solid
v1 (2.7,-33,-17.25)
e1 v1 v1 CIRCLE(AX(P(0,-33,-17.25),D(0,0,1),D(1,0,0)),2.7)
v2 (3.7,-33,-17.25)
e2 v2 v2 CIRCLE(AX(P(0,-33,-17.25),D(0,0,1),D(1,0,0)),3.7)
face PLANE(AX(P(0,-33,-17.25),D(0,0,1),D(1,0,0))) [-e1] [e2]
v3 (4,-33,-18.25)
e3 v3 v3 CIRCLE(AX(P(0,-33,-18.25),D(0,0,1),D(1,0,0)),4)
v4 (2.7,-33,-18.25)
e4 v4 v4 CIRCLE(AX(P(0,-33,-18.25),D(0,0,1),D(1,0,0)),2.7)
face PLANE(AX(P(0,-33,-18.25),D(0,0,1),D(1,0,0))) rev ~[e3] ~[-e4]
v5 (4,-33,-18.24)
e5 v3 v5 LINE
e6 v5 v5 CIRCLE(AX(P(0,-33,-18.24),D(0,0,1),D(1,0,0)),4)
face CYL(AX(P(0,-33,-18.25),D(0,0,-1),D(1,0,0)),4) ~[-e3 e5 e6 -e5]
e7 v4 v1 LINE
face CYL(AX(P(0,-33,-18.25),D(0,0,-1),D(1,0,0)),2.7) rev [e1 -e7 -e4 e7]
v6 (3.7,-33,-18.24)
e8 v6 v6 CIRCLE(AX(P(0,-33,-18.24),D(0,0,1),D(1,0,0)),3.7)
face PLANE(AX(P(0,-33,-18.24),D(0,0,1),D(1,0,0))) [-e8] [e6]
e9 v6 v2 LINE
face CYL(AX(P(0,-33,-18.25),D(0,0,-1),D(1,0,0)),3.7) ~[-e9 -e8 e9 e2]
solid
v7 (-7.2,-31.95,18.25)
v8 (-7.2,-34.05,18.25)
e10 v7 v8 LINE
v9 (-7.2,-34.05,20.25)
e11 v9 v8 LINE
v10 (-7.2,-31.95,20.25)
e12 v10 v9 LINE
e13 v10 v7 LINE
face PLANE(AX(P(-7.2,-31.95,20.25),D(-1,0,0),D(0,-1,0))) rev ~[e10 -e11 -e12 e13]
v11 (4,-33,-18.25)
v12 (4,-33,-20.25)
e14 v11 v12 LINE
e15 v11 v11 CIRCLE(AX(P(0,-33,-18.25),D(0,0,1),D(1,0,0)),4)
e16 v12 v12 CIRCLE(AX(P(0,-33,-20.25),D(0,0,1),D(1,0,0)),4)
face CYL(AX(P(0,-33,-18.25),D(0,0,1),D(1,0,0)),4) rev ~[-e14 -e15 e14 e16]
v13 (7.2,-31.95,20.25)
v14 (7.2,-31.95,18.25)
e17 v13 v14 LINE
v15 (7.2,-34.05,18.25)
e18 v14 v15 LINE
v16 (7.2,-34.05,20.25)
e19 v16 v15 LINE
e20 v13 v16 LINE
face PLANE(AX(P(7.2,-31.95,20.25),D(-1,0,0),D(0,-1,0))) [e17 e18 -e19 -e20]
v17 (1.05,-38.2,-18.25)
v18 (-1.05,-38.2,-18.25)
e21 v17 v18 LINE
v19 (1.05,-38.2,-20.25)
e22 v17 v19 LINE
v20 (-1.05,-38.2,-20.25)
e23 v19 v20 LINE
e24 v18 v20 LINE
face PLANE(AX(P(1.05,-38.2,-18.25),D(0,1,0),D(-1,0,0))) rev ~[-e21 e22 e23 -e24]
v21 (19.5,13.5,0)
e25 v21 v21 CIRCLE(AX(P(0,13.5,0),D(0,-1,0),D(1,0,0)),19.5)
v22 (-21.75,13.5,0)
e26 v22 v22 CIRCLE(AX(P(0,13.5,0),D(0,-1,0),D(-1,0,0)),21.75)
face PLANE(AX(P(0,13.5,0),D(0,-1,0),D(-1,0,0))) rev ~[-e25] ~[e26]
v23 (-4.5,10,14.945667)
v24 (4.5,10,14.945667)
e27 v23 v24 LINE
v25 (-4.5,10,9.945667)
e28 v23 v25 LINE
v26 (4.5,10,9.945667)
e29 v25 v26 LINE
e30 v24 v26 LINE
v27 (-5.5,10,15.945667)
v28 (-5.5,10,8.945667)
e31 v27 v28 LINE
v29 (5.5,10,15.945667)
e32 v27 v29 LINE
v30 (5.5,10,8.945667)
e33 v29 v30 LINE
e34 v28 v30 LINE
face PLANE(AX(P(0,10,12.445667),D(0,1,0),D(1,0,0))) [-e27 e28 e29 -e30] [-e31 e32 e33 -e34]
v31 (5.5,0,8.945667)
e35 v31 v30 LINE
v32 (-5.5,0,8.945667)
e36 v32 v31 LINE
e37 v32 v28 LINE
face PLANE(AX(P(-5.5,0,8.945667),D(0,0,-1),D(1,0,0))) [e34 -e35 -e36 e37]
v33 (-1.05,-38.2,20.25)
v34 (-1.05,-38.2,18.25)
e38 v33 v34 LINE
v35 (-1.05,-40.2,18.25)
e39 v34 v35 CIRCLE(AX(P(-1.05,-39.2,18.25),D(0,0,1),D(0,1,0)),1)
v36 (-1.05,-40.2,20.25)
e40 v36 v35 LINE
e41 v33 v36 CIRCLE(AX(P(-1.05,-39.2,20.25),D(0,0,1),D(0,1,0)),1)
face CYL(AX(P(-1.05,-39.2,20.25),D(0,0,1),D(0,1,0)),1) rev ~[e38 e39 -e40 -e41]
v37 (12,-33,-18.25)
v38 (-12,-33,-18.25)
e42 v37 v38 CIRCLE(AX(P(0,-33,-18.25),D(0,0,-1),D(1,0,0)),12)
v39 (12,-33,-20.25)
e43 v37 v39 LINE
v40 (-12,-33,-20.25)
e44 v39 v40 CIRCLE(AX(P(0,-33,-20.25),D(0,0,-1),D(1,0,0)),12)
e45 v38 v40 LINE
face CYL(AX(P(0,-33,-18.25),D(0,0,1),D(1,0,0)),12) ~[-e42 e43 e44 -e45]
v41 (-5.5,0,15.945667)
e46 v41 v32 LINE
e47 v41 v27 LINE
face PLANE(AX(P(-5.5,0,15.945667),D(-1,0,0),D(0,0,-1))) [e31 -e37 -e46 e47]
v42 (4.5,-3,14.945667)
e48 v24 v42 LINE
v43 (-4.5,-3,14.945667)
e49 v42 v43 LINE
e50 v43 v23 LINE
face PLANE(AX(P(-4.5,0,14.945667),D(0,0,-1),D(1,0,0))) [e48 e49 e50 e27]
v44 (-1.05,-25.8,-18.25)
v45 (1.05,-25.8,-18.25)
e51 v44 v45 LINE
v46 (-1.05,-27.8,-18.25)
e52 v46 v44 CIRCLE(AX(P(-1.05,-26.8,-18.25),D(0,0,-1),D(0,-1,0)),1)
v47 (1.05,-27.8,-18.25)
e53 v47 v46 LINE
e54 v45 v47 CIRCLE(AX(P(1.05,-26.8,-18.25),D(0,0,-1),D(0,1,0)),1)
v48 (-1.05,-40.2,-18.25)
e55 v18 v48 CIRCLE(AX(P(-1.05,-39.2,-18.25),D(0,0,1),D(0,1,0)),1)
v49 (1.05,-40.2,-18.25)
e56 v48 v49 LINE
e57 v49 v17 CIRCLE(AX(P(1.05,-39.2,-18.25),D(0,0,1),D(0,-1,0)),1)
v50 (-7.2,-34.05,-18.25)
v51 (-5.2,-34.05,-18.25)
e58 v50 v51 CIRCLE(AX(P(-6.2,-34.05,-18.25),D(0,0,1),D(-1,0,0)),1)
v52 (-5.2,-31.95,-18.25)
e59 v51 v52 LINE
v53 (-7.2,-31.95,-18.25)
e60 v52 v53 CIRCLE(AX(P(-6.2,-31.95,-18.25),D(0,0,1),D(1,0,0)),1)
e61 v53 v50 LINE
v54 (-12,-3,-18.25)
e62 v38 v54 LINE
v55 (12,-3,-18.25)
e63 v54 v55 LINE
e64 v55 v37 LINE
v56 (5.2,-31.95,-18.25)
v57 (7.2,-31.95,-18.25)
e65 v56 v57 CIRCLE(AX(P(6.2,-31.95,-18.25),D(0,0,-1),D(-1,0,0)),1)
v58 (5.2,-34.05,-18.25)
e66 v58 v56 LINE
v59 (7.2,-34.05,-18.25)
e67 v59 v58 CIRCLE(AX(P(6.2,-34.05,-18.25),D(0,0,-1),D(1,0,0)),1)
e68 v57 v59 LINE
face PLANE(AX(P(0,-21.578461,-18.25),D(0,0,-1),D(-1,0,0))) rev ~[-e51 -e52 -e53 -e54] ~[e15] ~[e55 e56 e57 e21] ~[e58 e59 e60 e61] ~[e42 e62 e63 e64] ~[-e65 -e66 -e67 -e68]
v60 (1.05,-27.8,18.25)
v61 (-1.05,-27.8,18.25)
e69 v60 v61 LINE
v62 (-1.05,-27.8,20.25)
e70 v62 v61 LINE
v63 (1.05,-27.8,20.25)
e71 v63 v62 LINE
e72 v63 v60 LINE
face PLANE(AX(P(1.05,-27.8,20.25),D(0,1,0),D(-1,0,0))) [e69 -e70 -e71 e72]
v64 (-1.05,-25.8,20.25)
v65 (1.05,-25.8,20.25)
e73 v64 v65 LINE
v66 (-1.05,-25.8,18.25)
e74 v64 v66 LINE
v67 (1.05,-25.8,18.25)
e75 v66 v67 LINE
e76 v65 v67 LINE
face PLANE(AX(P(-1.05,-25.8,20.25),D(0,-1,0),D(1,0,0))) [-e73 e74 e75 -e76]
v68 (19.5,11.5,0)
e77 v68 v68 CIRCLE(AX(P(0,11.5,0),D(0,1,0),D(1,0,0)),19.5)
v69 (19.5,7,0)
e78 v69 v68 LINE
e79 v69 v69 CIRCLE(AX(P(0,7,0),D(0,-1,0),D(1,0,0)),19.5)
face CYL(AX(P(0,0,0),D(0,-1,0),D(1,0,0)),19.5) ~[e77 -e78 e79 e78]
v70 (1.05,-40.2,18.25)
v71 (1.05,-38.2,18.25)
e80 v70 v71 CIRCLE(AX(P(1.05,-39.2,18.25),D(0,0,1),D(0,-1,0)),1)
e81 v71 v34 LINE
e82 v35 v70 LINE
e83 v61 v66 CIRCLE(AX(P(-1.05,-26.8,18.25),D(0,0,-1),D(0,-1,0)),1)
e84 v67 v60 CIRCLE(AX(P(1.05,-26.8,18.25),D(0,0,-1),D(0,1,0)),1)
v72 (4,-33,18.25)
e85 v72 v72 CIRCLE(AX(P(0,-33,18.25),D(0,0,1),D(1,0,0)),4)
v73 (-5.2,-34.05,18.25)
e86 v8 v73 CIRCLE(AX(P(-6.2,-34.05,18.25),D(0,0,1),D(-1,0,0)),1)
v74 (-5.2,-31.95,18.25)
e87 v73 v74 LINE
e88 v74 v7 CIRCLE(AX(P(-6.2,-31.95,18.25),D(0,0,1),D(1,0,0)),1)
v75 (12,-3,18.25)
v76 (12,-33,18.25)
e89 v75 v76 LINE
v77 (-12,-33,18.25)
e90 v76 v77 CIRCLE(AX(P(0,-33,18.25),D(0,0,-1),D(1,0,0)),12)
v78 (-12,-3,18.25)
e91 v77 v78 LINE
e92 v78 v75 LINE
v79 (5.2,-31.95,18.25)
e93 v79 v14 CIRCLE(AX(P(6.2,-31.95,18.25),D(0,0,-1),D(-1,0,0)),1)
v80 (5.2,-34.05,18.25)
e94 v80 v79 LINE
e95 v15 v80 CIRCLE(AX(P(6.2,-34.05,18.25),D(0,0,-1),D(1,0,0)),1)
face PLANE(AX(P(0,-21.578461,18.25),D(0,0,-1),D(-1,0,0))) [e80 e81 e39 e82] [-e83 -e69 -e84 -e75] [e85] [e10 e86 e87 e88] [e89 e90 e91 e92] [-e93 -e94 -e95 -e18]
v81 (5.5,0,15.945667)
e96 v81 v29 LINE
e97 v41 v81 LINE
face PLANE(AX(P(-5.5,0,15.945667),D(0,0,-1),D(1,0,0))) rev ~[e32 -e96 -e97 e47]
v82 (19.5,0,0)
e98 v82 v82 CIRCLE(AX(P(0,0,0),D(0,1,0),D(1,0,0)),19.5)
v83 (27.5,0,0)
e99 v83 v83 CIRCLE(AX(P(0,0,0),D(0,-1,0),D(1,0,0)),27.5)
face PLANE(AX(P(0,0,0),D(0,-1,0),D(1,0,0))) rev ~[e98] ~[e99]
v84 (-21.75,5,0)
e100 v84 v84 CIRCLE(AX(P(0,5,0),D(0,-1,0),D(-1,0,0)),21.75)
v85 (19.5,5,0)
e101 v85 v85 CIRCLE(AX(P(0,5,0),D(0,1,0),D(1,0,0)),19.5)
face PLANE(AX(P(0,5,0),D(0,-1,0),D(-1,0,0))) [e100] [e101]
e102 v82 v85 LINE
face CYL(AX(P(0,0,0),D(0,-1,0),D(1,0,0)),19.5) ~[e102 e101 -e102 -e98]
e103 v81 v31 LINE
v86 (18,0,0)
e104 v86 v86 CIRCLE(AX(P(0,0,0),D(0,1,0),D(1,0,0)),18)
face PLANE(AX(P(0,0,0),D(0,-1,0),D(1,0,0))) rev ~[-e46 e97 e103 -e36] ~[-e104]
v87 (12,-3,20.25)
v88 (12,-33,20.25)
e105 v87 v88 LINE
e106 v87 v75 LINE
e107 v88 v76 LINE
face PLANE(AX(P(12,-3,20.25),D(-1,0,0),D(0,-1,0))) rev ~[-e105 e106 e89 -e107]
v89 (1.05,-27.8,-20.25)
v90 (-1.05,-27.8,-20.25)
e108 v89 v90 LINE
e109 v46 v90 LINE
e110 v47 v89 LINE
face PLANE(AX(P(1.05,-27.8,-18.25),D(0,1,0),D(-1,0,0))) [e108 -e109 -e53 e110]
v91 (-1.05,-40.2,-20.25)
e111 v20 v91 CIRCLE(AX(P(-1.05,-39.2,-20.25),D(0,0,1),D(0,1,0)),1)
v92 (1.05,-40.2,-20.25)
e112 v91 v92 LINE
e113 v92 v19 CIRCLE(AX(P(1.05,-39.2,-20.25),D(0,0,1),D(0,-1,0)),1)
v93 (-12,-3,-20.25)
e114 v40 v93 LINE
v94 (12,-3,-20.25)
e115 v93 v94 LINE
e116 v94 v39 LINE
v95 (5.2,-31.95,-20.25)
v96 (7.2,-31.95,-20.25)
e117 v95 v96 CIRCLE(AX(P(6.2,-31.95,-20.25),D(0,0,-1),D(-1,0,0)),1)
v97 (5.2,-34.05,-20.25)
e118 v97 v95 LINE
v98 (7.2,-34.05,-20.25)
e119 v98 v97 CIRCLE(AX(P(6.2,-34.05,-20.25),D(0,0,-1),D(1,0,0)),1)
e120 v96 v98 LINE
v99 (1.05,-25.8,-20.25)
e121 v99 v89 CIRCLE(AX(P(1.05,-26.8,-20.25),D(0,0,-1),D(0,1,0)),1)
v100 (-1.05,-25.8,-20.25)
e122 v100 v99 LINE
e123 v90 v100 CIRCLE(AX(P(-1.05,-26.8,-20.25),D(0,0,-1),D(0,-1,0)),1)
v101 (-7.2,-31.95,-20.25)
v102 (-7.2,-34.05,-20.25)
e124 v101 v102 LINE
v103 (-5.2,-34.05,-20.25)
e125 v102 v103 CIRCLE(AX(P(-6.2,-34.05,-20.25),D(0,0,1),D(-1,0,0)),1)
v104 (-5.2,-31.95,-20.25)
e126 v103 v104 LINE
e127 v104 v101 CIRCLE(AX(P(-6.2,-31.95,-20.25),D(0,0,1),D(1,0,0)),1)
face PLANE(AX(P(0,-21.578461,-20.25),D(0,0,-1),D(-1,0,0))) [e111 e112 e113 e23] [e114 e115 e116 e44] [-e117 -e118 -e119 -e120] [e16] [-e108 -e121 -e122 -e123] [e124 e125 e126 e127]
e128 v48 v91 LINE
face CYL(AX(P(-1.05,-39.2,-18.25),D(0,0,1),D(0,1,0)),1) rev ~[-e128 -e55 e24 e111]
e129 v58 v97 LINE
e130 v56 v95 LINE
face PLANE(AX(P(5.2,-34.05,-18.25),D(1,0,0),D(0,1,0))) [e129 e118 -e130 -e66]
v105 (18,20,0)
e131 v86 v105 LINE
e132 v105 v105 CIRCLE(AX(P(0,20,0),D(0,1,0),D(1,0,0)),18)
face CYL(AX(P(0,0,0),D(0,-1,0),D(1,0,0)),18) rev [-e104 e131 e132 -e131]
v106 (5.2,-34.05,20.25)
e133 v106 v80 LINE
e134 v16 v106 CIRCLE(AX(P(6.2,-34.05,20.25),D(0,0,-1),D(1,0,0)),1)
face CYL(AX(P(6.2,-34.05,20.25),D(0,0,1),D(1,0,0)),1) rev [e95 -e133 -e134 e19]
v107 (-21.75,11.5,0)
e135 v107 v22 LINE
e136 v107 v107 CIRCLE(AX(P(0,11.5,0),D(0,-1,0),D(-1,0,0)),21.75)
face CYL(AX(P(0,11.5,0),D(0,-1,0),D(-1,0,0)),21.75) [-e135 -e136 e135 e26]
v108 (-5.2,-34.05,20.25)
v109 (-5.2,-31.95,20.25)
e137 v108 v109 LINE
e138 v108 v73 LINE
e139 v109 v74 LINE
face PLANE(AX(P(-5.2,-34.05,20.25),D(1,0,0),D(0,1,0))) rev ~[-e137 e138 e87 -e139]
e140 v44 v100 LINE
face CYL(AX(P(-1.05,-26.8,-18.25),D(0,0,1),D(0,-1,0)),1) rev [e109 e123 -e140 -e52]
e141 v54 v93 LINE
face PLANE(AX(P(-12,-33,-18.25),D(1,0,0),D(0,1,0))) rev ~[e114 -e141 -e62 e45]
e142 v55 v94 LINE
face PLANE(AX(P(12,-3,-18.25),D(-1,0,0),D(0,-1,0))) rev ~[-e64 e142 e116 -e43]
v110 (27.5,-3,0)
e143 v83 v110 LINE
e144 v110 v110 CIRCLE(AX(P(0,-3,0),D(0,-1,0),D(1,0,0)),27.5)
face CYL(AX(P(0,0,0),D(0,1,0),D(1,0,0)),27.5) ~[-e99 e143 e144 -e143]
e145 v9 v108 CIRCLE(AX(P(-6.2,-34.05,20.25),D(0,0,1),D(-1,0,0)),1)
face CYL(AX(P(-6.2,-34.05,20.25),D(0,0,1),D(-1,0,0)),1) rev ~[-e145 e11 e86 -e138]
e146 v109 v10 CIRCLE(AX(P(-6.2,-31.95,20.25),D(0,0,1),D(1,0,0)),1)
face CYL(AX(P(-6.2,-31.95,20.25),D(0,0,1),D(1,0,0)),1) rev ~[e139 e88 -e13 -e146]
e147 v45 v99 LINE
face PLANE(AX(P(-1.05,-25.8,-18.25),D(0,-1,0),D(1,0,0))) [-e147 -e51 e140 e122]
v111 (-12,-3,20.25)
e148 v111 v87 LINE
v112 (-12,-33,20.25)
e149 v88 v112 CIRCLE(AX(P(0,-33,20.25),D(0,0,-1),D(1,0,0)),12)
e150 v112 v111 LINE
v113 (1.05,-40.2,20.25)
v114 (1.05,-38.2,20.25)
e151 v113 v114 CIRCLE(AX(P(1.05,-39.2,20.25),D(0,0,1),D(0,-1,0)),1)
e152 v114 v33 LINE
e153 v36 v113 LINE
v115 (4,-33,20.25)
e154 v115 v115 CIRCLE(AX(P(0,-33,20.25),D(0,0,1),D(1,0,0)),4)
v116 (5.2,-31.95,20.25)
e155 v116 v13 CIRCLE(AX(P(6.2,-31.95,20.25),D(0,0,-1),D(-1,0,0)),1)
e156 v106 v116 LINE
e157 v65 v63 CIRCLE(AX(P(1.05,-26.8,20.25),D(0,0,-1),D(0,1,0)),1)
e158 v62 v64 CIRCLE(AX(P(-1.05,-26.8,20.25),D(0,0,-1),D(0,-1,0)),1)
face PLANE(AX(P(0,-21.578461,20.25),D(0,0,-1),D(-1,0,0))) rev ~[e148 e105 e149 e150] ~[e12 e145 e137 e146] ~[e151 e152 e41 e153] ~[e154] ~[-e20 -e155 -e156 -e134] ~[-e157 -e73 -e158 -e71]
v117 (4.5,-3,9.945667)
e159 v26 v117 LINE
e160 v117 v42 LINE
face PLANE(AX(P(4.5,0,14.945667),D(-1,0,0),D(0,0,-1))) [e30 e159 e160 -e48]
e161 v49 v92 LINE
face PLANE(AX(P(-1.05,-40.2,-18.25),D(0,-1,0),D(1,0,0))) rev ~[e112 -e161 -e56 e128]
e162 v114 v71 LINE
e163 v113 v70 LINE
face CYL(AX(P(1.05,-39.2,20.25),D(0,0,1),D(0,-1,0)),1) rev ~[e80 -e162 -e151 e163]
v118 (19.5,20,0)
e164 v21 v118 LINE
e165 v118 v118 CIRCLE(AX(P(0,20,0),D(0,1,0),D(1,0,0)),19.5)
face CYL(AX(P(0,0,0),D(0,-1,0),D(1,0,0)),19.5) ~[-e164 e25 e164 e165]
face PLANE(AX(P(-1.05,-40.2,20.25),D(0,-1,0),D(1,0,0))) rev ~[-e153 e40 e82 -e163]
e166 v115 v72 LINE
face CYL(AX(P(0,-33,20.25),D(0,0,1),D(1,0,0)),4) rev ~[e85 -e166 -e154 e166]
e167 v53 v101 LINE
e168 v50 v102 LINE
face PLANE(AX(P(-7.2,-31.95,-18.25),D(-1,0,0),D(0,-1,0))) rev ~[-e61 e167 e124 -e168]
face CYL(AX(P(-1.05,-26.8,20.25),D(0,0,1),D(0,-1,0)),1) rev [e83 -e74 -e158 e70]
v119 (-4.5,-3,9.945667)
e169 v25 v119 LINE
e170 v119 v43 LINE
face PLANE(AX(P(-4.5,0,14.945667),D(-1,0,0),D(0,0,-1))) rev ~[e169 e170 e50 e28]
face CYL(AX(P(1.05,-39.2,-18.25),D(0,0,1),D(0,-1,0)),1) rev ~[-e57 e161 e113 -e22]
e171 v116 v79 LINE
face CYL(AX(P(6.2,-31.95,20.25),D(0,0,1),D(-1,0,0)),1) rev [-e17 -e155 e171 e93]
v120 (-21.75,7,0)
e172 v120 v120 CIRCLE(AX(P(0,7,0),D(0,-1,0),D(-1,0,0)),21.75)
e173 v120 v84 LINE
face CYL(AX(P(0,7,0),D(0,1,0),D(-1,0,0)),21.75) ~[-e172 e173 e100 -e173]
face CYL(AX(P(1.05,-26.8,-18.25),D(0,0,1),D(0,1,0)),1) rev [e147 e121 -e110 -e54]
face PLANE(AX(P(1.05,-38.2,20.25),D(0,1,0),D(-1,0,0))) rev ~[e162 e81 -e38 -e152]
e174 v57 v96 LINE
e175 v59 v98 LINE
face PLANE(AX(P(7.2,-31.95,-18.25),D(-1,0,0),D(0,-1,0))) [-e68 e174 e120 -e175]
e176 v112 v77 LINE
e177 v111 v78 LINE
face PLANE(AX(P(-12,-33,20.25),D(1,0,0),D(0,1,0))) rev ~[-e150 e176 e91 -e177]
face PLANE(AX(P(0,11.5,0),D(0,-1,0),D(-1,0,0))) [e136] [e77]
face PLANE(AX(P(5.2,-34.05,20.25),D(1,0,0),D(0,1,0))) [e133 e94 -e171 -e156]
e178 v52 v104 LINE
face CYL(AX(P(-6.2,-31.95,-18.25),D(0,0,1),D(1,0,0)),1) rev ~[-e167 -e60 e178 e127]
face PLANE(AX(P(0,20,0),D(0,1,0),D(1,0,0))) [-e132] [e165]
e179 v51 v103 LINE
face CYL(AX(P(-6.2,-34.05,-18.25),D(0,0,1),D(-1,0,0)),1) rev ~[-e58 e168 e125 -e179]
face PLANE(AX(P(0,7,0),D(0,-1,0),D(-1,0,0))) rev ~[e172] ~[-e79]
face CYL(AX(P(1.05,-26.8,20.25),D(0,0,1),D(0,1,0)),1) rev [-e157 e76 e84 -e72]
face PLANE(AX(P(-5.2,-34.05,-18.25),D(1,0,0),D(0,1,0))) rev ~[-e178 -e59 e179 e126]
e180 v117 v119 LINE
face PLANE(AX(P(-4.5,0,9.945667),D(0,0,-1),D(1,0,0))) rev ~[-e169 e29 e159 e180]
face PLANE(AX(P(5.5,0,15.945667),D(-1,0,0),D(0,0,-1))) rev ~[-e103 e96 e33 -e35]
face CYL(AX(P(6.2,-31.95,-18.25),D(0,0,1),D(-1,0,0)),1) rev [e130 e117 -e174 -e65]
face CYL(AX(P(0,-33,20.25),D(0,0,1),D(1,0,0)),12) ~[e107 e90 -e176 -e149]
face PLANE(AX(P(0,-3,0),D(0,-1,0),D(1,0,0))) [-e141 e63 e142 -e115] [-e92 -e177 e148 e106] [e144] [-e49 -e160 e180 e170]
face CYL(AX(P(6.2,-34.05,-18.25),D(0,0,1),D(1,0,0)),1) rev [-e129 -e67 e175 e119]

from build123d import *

# Parameters (mm, degrees)
SKETCH_1_R               = 19.5
SKETCH_1_R_2             = 18
EXTRUDE_1_DEPTH          = 20
SKETCH_3_R               = 27.5
EXTRUDE_2_DEPTH          = 3
SKETCH_25_R              = 21.75
SKETCH_25_R_2            = 19.5
EXTRUDE_12_DEPTH         = 2
EXTRUDE_START            = -1
SKETCH_26_R              = 21.75
SKETCH_26_R_2            = 19.5
EXTRUDE_13_DEPTH         = 2
SKETCH_28_R              = 4
EXTRUDE_14_DEPTH         = 2
PATTERN_LINEAR_1_COUNT   = 2
PATTERN_LINEAR_1_PITCH   = 38.5
SKETCH_30_W              = 11
SKETCH_30_H              = 7
EXTRUDE_16_DEPTH         = 10
SKETCH_29_W              = 9
SKETCH_29_H              = 5
CUT_EXTRUDE_2_DEPTH      = 10
CUT_EXTRUDE_2_DEPTH_BACK = 10
SKETCH_31_R              = 3.7
SKETCH_31_R_2            = 2.7
EXTRUDE_17_DEPTH         = 1
SKETCH_32_R              = 4
SKETCH_32_R_2            = 3.7
EXTRUDE_18_DEPTH         = 0.01


with BuildPart() as part:
    # 草圖1 → 填料-伸長1 (new body)
    with BuildSketch(Plane(origin=(0, 0, 0), x_dir=(1, 0, 0), z_dir=(0, 1, 0))):
        Circle(SKETCH_1_R)
        Circle(SKETCH_1_R_2, mode=Mode.SUBTRACT)
    extrude(amount=EXTRUDE_1_DEPTH)

    # 草圖3 → 填料-伸長2 (add)
    with BuildSketch(Plane.XZ):
        Circle(SKETCH_3_R)
    extrude(amount=EXTRUDE_2_DEPTH)

    # 草圖25 → 填料-伸長12 (add)
    with BuildSketch(Plane(origin=(0, 7, 0), x_dir=(-1, 0, 0), z_dir=(0, -1, 0))):
        Circle(SKETCH_25_R)
        Circle(SKETCH_25_R_2, mode=Mode.SUBTRACT)
    extrude(amount=EXTRUDE_12_DEPTH)

    # 草圖26 → 填料-伸長13 (add)
    with BuildSketch(Plane(origin=(0, 10.5, 0), x_dir=(-1, 0, 0), z_dir=(0, -1, 0)).offset(EXTRUDE_START)):
        Circle(SKETCH_26_R)
        Circle(SKETCH_26_R_2, mode=Mode.SUBTRACT)
    extrude(amount=-EXTRUDE_13_DEPTH)

    # 草圖28 → 填料-伸長14 (add)
    with BuildSketch(Plane.XY.offset(-18.25)):
        with BuildLine():
            Line((-12, -3), (12, -3))
            Line((12, -3), (12, -33))
            ThreePointArc((12, -33), (0, -45), (-12, -33))
            Line((-12, -33), (-12, -3))
        make_face()
        with Locations((0, -33)):
            Circle(SKETCH_28_R, mode=Mode.SUBTRACT)
        with BuildLine():
            Line((-1.05, -25.8), (1.05, -25.8))
            ThreePointArc((1.05, -25.8), (2.05, -26.8), (1.05, -27.8))
            Line((1.05, -27.8), (-1.05, -27.8))
            ThreePointArc((-1.05, -27.8), (-2.05, -26.8), (-1.05, -25.8))
        make_face(mode=Mode.SUBTRACT)
        with BuildLine():
            Line((7.2, -31.95), (7.2, -34.05))
            ThreePointArc((7.2, -34.05), (6.2, -35.05), (5.2, -34.05))
            Line((5.2, -34.05), (5.2, -31.95))
            ThreePointArc((5.2, -31.95), (6.2, -30.95), (7.2, -31.95))
        make_face(mode=Mode.SUBTRACT)
        with BuildLine():
            Line((-1.05, -40.2), (1.05, -40.2))
            ThreePointArc((1.05, -40.2), (2.05, -39.2), (1.05, -38.2))
            Line((1.05, -38.2), (-1.05, -38.2))
            ThreePointArc((-1.05, -38.2), (-2.05, -39.2), (-1.05, -40.2))
        make_face(mode=Mode.SUBTRACT)
        with BuildLine():
            Line((-7.2, -31.95), (-7.2, -34.05))
            ThreePointArc((-7.2, -34.05), (-6.2, -35.05), (-5.2, -34.05))
            Line((-5.2, -34.05), (-5.2, -31.95))
            ThreePointArc((-5.2, -31.95), (-6.2, -30.95), (-7.2, -31.95))
        make_face(mode=Mode.SUBTRACT)
    extrude_14 = extrude(amount=-EXTRUDE_14_DEPTH)

    # 直線複製排列1: 填料-伸長14 ×2
    with Locations(*[(0, 0, i * PATTERN_LINEAR_1_PITCH) for i in range(1, PATTERN_LINEAR_1_COUNT)]):
        add(extrude_14)

    # 草圖30 → 填料-伸長16 (add)
    with BuildSketch(Plane(origin=(0, 0, 0), x_dir=(1, 0, 0), z_dir=(0, 1, 0))):
        with Locations((0, -12.44566721)):
            Rectangle(SKETCH_30_W, SKETCH_30_H)
    extrude(amount=EXTRUDE_16_DEPTH)

    # 草圖29 → 除料-伸長2 (cut, two sides)
    with BuildSketch(Plane(origin=(0, 0, 0), x_dir=(1, 0, 0), z_dir=(0, 1, 0))) as cut_extrude_2_sk:
        with Locations((0, -12.44566721)):
            Rectangle(SKETCH_29_W, SKETCH_29_H)
    extrude(amount=CUT_EXTRUDE_2_DEPTH, mode=Mode.SUBTRACT)
    extrude(cut_extrude_2_sk.sketch, amount=-CUT_EXTRUDE_2_DEPTH_BACK, mode=Mode.SUBTRACT)


with BuildPart() as body_2:
    # 草圖31 → 填料-伸長17 (new body)
    with BuildSketch(Plane.XY.offset(-18.25)):
        with Locations((0, -33)):
            Circle(SKETCH_31_R)
        with Locations((0, -33)):
            Circle(SKETCH_31_R_2, mode=Mode.SUBTRACT)
    extrude(amount=EXTRUDE_17_DEPTH)

    # 草圖32 → 填料-伸長18 (add)
    with BuildSketch(Plane.XY.offset(-18.25)):
        with Locations((0, -33)):
            Circle(SKETCH_32_R)
        with Locations((0, -33)):
            Circle(SKETCH_32_R_2, mode=Mode.SUBTRACT)
    extrude(amount=EXTRUDE_18_DEPTH)


solid = Compound([part.part, body_2.part])
